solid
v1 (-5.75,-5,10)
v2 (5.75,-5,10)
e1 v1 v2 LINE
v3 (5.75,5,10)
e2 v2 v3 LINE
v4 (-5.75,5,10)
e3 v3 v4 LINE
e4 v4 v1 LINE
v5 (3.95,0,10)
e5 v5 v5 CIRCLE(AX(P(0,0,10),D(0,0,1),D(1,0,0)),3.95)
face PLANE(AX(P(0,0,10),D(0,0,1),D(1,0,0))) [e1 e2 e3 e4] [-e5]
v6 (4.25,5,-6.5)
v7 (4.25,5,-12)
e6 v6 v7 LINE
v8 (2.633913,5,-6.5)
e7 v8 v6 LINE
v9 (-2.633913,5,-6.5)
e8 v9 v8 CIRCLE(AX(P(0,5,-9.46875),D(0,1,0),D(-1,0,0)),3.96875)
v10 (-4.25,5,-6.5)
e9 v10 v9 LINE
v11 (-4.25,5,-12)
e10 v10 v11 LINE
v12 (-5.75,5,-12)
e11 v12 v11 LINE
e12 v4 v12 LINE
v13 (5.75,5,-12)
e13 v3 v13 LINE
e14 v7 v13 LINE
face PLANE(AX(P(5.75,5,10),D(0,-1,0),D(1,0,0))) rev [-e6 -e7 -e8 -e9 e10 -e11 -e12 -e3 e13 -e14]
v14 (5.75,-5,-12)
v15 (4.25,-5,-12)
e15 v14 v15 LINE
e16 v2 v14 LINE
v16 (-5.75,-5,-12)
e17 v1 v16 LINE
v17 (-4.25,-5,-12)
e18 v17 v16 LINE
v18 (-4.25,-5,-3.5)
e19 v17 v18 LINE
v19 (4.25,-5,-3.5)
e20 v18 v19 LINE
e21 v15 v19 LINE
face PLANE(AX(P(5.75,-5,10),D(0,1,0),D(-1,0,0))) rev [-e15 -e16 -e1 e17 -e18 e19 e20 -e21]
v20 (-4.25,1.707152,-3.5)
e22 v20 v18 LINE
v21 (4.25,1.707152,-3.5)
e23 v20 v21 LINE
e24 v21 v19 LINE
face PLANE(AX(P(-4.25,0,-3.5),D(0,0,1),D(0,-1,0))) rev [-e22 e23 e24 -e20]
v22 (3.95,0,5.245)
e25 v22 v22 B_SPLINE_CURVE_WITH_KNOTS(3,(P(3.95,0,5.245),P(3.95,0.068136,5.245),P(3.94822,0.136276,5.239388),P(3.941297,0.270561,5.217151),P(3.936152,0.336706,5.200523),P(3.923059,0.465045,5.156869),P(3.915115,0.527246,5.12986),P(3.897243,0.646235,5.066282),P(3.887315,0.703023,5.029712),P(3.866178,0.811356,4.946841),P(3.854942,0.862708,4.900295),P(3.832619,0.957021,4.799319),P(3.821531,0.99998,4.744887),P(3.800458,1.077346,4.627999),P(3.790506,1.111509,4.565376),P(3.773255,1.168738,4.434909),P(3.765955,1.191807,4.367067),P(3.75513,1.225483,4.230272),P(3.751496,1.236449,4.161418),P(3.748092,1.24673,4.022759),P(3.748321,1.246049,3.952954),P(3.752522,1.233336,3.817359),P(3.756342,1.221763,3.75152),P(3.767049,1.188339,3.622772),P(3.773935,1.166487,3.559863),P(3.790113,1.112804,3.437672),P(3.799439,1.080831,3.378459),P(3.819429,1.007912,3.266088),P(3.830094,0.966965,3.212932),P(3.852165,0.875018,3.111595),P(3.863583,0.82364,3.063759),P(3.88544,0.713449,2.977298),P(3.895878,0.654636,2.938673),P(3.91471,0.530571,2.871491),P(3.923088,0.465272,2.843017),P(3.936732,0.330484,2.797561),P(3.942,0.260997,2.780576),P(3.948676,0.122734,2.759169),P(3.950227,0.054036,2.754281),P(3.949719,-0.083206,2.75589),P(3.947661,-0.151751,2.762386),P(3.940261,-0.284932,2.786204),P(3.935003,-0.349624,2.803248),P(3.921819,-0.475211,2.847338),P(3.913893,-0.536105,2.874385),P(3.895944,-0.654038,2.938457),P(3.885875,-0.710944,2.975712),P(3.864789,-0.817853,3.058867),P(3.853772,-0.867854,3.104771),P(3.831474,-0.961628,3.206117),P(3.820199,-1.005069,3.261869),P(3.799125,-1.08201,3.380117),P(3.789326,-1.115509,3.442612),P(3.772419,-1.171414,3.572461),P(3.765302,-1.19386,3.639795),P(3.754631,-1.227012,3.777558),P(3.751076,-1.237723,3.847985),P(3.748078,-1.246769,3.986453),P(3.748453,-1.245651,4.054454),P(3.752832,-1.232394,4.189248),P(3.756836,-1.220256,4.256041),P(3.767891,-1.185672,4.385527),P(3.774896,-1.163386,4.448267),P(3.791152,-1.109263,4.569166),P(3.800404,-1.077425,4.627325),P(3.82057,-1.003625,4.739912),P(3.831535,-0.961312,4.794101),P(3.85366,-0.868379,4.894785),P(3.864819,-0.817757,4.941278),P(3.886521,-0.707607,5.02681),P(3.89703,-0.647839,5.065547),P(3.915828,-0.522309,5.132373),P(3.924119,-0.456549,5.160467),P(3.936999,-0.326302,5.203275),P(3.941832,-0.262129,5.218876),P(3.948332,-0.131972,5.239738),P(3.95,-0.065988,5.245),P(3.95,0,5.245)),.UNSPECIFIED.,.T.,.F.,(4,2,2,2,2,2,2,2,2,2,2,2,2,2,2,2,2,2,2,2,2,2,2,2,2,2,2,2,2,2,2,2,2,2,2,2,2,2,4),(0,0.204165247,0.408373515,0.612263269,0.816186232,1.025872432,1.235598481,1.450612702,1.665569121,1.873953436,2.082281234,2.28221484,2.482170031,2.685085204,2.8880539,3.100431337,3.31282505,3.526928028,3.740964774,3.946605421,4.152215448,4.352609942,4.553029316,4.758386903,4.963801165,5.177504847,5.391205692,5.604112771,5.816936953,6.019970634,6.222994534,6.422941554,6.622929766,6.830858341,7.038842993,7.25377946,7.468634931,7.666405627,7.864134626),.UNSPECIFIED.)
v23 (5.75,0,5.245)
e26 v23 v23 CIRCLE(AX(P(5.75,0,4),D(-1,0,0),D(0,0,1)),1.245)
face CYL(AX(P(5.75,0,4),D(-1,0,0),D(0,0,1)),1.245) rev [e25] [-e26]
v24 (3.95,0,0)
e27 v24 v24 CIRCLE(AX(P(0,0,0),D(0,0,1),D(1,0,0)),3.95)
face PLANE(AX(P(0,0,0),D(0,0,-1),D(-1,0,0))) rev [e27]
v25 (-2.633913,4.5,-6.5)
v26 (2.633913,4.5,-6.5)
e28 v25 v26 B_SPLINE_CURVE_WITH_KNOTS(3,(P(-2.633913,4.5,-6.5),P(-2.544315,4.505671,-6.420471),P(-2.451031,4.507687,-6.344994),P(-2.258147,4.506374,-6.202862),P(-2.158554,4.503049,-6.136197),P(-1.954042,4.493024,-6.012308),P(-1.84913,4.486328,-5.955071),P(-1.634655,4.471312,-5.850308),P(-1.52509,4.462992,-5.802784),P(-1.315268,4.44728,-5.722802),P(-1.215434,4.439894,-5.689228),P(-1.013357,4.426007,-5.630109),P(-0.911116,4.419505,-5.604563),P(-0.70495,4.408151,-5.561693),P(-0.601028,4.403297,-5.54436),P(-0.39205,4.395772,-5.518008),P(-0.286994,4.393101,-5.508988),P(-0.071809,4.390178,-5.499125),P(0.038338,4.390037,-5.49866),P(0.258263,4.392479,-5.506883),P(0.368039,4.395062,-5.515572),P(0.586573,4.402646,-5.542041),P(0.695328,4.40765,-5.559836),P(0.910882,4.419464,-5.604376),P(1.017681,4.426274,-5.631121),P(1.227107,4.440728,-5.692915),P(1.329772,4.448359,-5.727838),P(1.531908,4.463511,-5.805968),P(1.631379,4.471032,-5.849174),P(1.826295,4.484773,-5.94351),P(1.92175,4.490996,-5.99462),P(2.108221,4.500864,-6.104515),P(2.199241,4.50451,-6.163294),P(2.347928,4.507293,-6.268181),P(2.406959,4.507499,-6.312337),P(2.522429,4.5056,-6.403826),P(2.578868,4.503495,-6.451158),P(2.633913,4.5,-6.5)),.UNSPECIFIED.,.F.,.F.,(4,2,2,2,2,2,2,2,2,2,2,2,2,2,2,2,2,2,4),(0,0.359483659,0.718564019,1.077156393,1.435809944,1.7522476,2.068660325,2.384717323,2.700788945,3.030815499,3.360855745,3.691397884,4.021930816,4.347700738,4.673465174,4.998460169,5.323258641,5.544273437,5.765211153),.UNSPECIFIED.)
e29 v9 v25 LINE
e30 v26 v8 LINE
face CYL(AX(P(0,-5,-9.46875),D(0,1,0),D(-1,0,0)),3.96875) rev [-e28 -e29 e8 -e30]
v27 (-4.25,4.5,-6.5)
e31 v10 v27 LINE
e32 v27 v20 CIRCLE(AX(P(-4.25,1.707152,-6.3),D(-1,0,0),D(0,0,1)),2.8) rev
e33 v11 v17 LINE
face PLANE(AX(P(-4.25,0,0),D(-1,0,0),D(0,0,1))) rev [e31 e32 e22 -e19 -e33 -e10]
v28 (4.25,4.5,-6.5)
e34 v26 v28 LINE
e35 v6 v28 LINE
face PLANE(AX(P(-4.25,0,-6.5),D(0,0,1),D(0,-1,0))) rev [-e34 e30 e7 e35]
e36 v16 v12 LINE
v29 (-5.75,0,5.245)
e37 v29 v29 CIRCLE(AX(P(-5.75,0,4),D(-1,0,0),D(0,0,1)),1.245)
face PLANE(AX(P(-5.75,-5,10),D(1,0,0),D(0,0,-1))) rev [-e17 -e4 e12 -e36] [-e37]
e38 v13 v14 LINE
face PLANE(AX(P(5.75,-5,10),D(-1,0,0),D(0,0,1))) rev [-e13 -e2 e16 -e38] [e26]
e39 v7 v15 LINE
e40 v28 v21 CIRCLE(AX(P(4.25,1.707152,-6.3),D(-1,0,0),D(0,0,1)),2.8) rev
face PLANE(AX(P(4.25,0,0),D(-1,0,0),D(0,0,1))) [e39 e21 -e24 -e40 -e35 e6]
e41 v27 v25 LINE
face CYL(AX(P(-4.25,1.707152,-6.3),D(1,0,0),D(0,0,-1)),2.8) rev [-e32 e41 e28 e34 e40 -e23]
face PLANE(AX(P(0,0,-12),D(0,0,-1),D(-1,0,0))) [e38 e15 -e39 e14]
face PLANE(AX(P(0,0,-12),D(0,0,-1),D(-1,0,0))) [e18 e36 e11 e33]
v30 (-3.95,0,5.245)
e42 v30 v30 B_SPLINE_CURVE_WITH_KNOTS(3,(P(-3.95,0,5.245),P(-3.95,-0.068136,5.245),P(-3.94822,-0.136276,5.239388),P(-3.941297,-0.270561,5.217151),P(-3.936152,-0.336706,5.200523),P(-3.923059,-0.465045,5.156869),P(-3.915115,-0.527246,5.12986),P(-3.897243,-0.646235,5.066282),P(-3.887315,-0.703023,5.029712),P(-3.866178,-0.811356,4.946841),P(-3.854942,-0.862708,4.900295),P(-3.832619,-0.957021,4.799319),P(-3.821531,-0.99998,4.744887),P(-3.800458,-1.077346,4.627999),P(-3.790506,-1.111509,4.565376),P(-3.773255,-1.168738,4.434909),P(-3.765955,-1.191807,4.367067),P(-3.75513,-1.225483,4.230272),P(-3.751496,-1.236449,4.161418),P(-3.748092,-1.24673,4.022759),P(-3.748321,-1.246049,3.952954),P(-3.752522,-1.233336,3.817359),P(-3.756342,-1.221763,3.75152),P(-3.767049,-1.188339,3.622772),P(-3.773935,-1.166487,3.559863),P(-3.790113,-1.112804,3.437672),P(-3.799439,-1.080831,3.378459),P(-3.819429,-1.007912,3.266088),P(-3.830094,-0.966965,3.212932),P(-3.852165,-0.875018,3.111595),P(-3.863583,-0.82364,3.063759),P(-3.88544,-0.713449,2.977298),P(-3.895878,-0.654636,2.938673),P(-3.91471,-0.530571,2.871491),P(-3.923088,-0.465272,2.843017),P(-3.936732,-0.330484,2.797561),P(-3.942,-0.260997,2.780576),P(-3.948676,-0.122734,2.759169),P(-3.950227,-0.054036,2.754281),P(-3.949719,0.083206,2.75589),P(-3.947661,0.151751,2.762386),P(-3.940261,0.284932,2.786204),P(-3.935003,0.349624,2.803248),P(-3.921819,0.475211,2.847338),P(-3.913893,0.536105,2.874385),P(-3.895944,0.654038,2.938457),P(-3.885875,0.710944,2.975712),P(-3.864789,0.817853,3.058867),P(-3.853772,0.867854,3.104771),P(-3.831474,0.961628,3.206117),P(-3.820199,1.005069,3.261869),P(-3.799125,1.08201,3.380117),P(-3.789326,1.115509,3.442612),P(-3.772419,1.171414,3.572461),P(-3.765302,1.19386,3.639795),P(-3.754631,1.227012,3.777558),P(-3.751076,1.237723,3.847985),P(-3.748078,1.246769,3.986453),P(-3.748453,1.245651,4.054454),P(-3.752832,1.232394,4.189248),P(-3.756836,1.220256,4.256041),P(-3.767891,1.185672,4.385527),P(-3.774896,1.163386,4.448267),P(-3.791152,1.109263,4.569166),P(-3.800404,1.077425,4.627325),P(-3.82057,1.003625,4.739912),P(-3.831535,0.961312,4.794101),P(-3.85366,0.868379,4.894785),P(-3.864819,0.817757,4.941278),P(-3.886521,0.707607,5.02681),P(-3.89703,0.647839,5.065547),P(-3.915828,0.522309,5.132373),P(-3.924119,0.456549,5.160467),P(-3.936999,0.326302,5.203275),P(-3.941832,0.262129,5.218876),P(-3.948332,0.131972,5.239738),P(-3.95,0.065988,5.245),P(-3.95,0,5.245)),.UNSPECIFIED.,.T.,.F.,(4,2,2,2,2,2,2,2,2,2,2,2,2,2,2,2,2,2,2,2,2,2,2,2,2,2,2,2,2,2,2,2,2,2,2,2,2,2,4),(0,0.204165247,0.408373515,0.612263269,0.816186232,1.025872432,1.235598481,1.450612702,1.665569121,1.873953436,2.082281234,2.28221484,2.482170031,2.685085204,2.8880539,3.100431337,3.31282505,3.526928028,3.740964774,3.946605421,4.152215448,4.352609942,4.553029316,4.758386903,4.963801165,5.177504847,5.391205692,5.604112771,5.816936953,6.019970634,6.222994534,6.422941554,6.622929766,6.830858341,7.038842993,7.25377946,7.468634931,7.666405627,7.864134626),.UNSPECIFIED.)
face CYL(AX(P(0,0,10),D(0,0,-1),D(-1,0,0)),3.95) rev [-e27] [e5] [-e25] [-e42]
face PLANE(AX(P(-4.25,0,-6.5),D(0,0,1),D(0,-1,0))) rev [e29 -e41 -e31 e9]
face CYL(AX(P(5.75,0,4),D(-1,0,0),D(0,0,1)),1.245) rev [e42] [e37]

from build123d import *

# Parameters (mm, degrees)
SKETCH1_W               = 11.5
SKETCH1_H               = 10
SKETCH1_R               = 3.95
BOSS_EXTRUDE1_DEPTH     = 10
SKETCH2_W               = 11.5
SKETCH2_H               = 10
BOSS_EXTRUDE2_DEPTH     = 12
CUT_EXTRUDE1_DEPTH      = 4.25
CUT_EXTRUDE1_DEPTH_BACK = 4.25
SKETCH4_R               = 1.245
CUT_EXTRUDE2_DEPTH      = 18.356554958
CUT_EXTRUDE3_DEPTH      = 17.645194536


with BuildPart() as part:
    # Sketch1 → Boss-Extrude1 (new body)
    with BuildSketch(Plane.XY):
        Rectangle(SKETCH1_W, SKETCH1_H)
        Circle(SKETCH1_R, mode=Mode.SUBTRACT)
    extrude(amount=BOSS_EXTRUDE1_DEPTH)

    # Sketch2 → Boss-Extrude2 (add)
    with BuildSketch(Plane(origin=(0, 0, 0), x_dir=(-1, 0, 0), z_dir=(0, 0, -1))):
        Rectangle(SKETCH2_W, SKETCH2_H)
    extrude(amount=BOSS_EXTRUDE2_DEPTH)

    # Sketch3 → Cut-Extrude1 (cut, two sides: drawn at the far end of the back side and taken through both)
    with BuildSketch(Plane.ZY.offset(-CUT_EXTRUDE1_DEPTH_BACK)):
        with BuildLine():
            Line((-12, -5), (-3.5, -5))
            Line((-3.5, -5), (-3.5, 1.707151991))
            ThreePointArc((-3.5, 1.707151991), (-4.392121597, 3.756542144), (-6.5, 4.5))
            Line((-6.5, 4.5), (-6.5, 5))
            Line((-6.5, 5), (-12, 5))
            Line((-12, 5), (-12, -5))
        make_face()
    extrude(amount=CUT_EXTRUDE1_DEPTH + CUT_EXTRUDE1_DEPTH_BACK, mode=Mode.SUBTRACT)

    # Sketch4 → Cut-Extrude2 (cut, through all)
    with BuildSketch(Plane.ZY.offset(5.75)):
        with Locations((4, 0)):
            Circle(SKETCH4_R)
    extrude(amount=-CUT_EXTRUDE2_DEPTH, mode=Mode.SUBTRACT)

    # Sketch5 → Cut-Extrude3 (cut, through all)
    with BuildSketch(Plane(origin=(0, 5, 0), x_dir=(1, 0, 0), z_dir=(0, 1, 0))):
        with BuildLine():
            ThreePointArc((-2.633913438, 6.5), (-1.408678459, 5.758412878), (0, 5.5))
            Line((0, 5.5), (0, 6.5))
            Line((0, 6.5), (-2.633913438, 6.5))
        make_face()
        with BuildLine():
            Line((0, 6.5), (0, 5.5))
            ThreePointArc((0, 5.5), (1.408678459, 5.758412878), (2.633913438, 6.5))
            Line((2.633913438, 6.5), (0, 6.5))
        make_face()
        with BuildLine():
            Line((-2.633913438, 6.5), (0, 6.5))
            Line((0, 6.5), (2.633913438, 6.5))
            ThreePointArc((2.633913438, 6.5), (3.61969063, 7.841231551), (3.96875, 9.46875))
            ThreePointArc((3.96875, 9.46875), (-1.627518449, 13.08844063), (-2.633913438, 6.5))
        make_face()
    extrude(amount=-CUT_EXTRUDE3_DEPTH, mode=Mode.SUBTRACT)


solid = part.part
